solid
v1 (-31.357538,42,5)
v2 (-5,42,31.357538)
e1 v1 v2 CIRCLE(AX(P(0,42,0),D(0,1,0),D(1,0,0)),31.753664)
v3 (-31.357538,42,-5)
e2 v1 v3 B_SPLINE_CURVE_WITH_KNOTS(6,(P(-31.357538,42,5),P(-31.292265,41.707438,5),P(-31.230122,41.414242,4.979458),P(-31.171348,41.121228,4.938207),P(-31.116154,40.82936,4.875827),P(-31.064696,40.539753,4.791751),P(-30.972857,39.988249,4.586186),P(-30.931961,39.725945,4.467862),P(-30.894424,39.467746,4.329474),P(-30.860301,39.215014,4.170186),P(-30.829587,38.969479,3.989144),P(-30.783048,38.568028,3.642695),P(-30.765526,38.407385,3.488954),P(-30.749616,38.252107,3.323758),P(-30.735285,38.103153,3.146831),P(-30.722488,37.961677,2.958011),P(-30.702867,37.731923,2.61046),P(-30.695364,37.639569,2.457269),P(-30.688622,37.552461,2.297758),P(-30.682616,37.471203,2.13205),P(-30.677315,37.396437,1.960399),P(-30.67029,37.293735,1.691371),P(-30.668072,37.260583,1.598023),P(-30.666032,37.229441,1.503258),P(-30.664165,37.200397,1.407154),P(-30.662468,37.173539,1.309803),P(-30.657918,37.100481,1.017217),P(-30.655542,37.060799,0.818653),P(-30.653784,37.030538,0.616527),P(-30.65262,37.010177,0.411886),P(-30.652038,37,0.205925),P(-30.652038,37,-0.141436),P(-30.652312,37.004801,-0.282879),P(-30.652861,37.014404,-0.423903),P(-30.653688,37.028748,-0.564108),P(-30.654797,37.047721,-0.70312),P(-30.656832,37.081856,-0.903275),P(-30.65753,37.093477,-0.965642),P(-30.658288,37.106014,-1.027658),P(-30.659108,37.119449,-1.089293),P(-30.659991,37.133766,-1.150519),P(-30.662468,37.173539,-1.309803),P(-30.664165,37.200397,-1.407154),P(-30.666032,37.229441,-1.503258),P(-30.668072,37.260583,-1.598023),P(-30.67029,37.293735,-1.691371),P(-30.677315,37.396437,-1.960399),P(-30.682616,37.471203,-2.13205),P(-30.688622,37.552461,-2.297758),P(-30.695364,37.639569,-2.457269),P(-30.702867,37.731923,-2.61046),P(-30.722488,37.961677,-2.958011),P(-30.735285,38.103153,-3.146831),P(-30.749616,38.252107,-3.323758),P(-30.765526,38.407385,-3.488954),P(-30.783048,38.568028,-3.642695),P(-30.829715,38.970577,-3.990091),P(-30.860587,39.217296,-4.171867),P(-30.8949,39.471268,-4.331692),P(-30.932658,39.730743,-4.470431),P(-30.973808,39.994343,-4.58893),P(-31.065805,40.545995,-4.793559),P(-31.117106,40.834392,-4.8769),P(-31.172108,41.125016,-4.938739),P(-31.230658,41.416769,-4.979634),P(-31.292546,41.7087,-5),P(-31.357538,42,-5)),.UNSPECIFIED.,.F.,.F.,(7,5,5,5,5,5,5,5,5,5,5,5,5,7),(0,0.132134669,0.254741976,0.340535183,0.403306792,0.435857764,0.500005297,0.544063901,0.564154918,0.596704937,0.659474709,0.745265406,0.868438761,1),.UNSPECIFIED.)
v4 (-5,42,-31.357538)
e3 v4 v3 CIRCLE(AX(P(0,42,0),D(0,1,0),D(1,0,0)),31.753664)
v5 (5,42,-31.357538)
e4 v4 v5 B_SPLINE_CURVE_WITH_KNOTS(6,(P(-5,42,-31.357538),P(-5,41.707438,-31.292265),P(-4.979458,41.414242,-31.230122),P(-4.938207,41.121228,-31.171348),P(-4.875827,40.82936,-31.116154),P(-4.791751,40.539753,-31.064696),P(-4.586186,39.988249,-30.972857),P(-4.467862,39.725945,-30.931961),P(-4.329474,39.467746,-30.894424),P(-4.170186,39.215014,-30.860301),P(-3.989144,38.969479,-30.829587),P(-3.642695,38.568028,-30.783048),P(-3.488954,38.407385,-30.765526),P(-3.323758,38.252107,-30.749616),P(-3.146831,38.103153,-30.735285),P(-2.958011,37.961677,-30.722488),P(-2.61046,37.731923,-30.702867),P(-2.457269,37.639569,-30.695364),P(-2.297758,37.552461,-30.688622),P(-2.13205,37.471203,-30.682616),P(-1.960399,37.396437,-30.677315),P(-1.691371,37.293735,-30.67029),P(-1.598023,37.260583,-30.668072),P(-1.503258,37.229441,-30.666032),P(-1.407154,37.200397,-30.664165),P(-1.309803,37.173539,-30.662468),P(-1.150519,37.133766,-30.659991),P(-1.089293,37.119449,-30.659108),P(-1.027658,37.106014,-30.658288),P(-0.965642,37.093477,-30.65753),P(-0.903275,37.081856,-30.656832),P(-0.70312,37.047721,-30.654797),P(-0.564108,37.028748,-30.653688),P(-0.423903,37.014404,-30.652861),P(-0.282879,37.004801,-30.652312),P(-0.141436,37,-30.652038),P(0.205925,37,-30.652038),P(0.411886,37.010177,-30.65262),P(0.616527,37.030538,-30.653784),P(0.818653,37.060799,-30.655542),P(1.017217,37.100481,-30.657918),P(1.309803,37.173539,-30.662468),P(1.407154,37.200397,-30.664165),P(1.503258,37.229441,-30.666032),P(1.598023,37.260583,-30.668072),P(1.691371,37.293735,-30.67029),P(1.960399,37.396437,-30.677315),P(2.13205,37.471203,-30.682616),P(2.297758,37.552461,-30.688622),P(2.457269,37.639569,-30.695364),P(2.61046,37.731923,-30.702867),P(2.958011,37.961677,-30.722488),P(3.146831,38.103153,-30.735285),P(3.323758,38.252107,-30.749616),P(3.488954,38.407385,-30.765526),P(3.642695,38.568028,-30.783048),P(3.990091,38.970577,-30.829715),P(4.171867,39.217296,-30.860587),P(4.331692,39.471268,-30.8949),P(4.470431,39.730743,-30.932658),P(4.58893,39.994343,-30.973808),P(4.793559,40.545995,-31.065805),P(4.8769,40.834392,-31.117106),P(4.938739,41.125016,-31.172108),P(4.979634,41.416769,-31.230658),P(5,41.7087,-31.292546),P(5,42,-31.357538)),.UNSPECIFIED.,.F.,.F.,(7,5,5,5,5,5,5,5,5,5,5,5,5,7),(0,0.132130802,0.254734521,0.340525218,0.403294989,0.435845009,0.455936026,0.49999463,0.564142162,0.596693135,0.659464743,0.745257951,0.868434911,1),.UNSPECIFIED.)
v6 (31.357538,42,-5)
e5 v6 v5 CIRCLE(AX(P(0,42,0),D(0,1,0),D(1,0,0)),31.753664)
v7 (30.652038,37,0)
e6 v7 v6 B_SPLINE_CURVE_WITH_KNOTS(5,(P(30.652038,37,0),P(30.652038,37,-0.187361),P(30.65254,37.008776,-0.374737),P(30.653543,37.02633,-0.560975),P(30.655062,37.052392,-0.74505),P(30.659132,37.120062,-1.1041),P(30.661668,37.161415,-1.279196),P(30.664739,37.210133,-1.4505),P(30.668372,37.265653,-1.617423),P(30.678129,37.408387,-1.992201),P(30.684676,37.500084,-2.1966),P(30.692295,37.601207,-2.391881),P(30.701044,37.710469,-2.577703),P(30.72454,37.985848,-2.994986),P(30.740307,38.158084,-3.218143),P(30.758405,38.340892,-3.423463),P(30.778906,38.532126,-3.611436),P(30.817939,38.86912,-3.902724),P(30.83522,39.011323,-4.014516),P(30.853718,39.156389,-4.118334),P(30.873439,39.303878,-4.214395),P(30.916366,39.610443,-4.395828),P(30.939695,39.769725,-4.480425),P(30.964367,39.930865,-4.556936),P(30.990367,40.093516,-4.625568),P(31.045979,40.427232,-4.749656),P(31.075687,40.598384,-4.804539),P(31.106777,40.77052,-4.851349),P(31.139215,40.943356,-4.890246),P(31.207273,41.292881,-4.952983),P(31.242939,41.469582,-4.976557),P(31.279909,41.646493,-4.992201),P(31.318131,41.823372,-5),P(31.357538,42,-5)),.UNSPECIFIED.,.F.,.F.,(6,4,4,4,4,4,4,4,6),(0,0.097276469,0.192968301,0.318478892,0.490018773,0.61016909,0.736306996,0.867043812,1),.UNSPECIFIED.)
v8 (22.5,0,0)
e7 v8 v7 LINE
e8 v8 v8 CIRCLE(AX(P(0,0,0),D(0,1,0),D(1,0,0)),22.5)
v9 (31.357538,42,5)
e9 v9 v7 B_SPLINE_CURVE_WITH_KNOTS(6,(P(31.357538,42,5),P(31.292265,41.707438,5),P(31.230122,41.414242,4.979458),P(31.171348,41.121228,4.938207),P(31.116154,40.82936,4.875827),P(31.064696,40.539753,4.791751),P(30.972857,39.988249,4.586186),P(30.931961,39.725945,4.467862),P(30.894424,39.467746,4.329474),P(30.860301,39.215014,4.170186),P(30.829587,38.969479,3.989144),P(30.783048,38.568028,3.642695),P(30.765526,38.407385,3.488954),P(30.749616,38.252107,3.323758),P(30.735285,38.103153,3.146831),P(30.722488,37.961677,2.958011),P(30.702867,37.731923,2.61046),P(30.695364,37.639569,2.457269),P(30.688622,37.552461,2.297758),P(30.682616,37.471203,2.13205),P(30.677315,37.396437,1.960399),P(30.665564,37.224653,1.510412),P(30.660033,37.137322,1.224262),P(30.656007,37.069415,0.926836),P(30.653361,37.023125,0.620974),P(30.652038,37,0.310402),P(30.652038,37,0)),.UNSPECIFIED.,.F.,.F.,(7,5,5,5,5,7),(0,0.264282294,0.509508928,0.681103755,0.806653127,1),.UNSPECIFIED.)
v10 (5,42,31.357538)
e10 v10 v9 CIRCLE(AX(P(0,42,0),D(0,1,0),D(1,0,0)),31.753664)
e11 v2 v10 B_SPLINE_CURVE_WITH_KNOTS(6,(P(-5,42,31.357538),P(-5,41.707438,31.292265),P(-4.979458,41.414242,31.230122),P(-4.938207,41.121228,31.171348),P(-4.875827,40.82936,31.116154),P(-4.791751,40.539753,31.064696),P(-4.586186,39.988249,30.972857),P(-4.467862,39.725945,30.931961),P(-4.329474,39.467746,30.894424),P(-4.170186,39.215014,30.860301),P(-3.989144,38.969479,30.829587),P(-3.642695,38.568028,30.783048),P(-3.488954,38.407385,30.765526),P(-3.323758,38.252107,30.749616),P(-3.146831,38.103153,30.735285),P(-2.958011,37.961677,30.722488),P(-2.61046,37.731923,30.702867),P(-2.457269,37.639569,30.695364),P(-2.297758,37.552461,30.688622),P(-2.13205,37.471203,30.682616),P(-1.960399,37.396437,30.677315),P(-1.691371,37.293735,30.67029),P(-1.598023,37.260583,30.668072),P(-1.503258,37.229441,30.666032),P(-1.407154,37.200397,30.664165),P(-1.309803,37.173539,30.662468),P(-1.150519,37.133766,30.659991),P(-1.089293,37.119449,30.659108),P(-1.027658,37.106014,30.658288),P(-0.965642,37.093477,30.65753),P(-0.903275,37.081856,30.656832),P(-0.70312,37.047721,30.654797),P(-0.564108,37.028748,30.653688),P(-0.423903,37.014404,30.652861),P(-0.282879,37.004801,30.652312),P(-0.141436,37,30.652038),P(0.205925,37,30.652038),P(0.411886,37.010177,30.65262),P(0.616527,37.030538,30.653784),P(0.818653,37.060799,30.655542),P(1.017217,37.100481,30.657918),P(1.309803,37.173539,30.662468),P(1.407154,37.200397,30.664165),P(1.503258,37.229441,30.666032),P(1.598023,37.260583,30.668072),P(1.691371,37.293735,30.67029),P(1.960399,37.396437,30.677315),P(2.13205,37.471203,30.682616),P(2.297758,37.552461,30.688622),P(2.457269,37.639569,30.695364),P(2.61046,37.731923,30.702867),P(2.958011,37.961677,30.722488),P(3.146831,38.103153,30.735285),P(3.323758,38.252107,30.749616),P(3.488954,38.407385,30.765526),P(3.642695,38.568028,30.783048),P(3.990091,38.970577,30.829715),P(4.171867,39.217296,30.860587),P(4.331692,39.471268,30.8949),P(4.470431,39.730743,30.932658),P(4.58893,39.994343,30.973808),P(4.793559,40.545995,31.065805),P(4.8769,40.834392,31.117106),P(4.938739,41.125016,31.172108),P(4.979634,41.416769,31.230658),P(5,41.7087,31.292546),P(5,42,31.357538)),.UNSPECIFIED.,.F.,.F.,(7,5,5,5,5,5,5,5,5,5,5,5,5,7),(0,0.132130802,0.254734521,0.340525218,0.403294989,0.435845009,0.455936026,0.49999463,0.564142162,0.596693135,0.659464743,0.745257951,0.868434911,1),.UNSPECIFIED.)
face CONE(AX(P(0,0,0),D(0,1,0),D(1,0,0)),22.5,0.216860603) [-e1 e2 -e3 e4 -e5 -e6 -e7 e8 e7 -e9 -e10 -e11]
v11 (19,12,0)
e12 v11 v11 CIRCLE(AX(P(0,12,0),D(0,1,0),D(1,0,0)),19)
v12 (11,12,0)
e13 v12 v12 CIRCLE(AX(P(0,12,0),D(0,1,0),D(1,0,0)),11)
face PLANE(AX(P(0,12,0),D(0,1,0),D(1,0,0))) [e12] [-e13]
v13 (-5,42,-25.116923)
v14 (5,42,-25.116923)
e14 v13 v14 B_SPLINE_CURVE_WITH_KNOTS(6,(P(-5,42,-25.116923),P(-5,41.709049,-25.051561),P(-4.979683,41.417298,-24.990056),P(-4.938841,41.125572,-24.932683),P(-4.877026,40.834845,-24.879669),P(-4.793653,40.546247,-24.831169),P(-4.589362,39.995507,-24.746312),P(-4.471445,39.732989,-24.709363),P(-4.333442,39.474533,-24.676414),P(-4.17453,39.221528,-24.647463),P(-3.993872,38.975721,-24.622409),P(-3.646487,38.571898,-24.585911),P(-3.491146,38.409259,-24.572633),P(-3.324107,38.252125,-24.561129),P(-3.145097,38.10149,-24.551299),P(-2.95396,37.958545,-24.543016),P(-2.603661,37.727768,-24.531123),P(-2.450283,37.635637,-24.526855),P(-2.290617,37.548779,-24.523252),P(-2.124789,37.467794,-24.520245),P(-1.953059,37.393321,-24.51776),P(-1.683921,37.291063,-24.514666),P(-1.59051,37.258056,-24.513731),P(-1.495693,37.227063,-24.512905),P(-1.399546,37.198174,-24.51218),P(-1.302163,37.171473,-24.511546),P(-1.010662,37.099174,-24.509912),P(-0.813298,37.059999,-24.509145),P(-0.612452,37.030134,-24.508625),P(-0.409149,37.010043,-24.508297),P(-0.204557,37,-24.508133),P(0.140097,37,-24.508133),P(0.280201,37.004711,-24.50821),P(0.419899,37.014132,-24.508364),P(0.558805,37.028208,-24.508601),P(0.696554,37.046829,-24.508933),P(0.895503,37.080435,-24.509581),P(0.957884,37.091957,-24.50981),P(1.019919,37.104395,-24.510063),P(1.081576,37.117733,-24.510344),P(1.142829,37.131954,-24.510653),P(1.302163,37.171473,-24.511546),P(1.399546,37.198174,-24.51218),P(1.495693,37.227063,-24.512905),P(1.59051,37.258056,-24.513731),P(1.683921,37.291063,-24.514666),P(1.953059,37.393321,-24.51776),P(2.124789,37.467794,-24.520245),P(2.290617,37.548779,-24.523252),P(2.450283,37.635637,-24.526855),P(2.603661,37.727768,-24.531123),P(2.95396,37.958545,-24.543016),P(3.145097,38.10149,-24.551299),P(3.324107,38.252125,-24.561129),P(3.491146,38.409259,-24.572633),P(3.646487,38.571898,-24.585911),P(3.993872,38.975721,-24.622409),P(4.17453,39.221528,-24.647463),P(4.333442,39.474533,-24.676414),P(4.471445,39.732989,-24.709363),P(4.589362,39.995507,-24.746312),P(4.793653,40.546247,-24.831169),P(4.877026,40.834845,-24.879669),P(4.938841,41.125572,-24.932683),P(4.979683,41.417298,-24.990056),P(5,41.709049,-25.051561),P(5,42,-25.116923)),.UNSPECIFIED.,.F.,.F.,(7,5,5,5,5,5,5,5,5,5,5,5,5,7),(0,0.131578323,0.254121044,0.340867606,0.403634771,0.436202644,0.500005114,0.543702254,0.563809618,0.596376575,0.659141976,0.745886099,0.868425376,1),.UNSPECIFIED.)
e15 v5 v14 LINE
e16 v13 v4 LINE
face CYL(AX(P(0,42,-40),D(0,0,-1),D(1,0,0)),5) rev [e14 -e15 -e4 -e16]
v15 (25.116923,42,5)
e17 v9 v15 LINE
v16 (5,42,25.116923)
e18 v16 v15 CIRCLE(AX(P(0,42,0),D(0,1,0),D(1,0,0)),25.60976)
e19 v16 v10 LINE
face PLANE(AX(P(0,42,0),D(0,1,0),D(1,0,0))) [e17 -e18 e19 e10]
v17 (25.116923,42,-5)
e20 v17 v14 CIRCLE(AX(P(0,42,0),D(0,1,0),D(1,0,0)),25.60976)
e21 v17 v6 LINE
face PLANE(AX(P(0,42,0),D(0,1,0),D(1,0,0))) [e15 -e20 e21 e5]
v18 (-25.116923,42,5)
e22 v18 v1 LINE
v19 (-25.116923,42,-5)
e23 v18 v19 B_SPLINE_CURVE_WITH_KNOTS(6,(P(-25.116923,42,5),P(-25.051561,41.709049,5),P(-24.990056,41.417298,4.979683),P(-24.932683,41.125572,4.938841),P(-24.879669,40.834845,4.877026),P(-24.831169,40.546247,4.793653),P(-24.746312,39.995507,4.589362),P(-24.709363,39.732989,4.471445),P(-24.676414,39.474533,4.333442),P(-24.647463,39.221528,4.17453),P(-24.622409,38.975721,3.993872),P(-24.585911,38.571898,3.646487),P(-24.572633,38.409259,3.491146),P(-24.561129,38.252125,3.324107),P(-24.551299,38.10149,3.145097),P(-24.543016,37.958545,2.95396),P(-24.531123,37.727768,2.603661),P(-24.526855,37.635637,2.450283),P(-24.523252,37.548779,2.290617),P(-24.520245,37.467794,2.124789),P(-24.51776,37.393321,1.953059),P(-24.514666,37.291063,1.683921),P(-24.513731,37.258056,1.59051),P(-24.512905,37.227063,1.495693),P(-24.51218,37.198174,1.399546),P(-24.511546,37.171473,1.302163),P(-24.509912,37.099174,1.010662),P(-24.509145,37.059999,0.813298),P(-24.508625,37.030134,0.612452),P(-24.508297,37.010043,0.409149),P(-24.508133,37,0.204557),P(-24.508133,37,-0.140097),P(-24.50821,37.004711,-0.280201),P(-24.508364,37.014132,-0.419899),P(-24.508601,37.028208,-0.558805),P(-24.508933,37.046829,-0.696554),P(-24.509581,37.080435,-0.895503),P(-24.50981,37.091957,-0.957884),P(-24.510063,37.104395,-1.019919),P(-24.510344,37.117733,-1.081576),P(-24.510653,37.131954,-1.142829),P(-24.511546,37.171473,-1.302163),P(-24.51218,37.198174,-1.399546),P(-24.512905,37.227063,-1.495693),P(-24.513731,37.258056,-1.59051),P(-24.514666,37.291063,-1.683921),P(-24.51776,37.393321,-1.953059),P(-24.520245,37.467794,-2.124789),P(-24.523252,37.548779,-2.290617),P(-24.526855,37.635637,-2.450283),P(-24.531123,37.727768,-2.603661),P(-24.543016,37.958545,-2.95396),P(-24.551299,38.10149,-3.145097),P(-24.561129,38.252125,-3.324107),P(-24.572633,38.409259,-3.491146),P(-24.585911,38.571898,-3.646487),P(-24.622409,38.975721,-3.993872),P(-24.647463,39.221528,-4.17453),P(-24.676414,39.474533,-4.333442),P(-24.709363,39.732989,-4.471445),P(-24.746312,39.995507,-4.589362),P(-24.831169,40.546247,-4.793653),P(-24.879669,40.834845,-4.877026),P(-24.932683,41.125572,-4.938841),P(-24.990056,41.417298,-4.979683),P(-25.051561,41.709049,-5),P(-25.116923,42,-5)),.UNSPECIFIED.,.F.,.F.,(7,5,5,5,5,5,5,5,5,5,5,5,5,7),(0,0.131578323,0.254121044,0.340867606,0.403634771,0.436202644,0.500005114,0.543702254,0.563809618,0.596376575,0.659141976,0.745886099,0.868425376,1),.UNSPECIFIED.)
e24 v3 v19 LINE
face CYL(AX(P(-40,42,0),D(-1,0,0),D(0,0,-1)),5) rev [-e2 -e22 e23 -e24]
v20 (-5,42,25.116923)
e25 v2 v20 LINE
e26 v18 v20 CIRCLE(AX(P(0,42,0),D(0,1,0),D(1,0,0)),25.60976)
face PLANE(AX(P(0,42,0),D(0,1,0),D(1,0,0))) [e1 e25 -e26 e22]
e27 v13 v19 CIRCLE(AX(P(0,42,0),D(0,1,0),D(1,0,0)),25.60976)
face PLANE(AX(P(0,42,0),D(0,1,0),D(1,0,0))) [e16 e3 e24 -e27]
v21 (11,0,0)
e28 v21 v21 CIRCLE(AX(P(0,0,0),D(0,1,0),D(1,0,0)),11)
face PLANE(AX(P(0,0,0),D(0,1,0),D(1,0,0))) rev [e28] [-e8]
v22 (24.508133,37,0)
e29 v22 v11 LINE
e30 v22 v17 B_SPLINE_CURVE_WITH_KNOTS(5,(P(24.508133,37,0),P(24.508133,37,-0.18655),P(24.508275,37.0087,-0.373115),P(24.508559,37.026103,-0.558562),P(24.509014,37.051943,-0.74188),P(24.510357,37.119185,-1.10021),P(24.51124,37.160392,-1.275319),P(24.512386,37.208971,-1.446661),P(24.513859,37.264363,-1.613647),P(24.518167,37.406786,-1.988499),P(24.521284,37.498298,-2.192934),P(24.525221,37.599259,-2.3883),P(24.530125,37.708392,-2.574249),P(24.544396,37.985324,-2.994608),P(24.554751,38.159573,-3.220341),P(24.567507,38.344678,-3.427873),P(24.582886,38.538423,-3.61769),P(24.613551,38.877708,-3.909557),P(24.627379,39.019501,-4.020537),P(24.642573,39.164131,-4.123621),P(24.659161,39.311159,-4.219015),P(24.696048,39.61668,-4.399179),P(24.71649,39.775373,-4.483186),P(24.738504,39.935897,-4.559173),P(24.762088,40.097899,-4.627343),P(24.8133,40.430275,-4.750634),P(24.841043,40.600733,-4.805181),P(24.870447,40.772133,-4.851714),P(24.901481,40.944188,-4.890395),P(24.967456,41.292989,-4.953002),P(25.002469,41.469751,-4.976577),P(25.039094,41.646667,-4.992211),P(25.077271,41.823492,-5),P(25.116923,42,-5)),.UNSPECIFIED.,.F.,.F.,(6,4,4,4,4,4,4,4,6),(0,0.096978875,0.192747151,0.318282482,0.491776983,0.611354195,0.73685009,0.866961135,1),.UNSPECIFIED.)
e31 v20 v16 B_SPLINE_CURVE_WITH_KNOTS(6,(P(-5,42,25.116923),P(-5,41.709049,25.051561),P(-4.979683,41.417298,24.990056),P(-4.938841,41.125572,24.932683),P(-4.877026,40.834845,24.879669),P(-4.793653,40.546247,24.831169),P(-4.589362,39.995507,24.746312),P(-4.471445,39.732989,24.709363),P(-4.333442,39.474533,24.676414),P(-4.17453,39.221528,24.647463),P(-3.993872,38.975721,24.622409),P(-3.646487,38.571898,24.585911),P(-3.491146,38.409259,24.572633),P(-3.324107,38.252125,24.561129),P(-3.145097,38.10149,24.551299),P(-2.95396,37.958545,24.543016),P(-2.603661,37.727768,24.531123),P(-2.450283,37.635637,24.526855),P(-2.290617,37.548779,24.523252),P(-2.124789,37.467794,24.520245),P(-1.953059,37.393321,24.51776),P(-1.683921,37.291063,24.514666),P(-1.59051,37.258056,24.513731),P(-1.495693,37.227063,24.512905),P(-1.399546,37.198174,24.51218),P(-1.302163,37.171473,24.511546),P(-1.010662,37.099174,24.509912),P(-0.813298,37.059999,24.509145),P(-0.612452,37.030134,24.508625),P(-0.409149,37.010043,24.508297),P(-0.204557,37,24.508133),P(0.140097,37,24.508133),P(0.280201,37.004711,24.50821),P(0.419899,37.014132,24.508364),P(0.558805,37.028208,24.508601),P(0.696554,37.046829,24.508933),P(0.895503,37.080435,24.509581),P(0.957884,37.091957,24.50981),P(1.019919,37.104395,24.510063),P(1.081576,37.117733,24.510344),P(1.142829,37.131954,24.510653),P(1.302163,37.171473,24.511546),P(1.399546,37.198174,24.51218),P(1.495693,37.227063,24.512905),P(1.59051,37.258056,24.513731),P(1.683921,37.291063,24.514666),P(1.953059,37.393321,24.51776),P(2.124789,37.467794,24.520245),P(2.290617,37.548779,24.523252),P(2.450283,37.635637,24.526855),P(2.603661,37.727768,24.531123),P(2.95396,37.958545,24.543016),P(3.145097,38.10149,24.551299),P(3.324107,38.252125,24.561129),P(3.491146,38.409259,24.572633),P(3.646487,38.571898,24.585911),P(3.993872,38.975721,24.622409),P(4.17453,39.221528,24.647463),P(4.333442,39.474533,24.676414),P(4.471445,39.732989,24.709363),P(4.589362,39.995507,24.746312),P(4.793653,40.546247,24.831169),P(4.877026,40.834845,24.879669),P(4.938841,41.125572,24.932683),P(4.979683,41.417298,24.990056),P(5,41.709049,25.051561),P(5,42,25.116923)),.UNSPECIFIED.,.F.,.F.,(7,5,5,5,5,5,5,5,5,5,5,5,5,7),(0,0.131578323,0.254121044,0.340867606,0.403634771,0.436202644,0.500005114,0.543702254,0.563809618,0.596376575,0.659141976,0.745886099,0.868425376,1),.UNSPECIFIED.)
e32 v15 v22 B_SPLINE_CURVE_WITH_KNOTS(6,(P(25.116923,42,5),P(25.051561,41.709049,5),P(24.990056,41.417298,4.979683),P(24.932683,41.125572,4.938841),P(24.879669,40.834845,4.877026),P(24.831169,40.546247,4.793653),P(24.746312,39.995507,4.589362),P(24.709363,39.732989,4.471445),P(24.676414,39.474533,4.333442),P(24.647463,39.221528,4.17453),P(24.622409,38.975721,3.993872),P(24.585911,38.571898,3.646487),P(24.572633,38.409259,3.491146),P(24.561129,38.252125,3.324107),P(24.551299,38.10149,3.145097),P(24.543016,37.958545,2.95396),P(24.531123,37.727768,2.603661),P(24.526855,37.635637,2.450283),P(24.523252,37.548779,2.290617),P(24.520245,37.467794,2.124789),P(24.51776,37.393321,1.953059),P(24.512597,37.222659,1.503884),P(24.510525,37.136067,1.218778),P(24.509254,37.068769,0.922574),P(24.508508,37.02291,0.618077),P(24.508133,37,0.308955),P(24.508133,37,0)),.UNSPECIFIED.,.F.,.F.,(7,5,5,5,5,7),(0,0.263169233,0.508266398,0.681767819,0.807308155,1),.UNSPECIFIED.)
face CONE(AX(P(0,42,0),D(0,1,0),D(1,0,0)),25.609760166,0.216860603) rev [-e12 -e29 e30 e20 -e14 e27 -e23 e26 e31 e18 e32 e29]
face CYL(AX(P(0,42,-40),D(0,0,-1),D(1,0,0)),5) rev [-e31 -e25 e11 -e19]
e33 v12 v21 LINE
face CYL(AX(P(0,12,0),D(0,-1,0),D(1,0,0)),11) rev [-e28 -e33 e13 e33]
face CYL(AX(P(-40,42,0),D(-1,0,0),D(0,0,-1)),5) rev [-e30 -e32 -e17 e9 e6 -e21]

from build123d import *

# Parameters (mm, degrees)
CUT_EXTRUDE1_START = -40
SKETCH4_R          = 5
CUT_EXTRUDE1_DEPTH = 79
CIRPATTERN1_COUNT  = 4


with BuildPart() as part:
    # Sketch2 → Revolve1 (revolve)
    with BuildSketch(Plane.XY):
        Polygon((11, 0), (22.5, 0), (31.753664233, 42), (25.609760166, 42), (19, 12), (11, 12), align=None)
    revolve(axis=Axis((0, 0, 0), (0, 1, 0)))

    # Sketch4 → Cut-Extrude1 (cut)
    with BuildSketch(Plane.XY.offset(CUT_EXTRUDE1_START)):
        with Locations((0, 42)):
            Circle(SKETCH4_R)
    cut_extrude1 = extrude(amount=CUT_EXTRUDE1_DEPTH, mode=Mode.SUBTRACT)

    # CirPattern1: Cut-Extrude1 ×4 about axis
    cirpattern1_axis = Axis((0, 42, 0), (0, 1, 0))
    for i in range(1, CIRPATTERN1_COUNT):
        add(cut_extrude1.rotate(cirpattern1_axis, i * 360 / CIRPATTERN1_COUNT), mode=Mode.SUBTRACT)


solid = part.part
